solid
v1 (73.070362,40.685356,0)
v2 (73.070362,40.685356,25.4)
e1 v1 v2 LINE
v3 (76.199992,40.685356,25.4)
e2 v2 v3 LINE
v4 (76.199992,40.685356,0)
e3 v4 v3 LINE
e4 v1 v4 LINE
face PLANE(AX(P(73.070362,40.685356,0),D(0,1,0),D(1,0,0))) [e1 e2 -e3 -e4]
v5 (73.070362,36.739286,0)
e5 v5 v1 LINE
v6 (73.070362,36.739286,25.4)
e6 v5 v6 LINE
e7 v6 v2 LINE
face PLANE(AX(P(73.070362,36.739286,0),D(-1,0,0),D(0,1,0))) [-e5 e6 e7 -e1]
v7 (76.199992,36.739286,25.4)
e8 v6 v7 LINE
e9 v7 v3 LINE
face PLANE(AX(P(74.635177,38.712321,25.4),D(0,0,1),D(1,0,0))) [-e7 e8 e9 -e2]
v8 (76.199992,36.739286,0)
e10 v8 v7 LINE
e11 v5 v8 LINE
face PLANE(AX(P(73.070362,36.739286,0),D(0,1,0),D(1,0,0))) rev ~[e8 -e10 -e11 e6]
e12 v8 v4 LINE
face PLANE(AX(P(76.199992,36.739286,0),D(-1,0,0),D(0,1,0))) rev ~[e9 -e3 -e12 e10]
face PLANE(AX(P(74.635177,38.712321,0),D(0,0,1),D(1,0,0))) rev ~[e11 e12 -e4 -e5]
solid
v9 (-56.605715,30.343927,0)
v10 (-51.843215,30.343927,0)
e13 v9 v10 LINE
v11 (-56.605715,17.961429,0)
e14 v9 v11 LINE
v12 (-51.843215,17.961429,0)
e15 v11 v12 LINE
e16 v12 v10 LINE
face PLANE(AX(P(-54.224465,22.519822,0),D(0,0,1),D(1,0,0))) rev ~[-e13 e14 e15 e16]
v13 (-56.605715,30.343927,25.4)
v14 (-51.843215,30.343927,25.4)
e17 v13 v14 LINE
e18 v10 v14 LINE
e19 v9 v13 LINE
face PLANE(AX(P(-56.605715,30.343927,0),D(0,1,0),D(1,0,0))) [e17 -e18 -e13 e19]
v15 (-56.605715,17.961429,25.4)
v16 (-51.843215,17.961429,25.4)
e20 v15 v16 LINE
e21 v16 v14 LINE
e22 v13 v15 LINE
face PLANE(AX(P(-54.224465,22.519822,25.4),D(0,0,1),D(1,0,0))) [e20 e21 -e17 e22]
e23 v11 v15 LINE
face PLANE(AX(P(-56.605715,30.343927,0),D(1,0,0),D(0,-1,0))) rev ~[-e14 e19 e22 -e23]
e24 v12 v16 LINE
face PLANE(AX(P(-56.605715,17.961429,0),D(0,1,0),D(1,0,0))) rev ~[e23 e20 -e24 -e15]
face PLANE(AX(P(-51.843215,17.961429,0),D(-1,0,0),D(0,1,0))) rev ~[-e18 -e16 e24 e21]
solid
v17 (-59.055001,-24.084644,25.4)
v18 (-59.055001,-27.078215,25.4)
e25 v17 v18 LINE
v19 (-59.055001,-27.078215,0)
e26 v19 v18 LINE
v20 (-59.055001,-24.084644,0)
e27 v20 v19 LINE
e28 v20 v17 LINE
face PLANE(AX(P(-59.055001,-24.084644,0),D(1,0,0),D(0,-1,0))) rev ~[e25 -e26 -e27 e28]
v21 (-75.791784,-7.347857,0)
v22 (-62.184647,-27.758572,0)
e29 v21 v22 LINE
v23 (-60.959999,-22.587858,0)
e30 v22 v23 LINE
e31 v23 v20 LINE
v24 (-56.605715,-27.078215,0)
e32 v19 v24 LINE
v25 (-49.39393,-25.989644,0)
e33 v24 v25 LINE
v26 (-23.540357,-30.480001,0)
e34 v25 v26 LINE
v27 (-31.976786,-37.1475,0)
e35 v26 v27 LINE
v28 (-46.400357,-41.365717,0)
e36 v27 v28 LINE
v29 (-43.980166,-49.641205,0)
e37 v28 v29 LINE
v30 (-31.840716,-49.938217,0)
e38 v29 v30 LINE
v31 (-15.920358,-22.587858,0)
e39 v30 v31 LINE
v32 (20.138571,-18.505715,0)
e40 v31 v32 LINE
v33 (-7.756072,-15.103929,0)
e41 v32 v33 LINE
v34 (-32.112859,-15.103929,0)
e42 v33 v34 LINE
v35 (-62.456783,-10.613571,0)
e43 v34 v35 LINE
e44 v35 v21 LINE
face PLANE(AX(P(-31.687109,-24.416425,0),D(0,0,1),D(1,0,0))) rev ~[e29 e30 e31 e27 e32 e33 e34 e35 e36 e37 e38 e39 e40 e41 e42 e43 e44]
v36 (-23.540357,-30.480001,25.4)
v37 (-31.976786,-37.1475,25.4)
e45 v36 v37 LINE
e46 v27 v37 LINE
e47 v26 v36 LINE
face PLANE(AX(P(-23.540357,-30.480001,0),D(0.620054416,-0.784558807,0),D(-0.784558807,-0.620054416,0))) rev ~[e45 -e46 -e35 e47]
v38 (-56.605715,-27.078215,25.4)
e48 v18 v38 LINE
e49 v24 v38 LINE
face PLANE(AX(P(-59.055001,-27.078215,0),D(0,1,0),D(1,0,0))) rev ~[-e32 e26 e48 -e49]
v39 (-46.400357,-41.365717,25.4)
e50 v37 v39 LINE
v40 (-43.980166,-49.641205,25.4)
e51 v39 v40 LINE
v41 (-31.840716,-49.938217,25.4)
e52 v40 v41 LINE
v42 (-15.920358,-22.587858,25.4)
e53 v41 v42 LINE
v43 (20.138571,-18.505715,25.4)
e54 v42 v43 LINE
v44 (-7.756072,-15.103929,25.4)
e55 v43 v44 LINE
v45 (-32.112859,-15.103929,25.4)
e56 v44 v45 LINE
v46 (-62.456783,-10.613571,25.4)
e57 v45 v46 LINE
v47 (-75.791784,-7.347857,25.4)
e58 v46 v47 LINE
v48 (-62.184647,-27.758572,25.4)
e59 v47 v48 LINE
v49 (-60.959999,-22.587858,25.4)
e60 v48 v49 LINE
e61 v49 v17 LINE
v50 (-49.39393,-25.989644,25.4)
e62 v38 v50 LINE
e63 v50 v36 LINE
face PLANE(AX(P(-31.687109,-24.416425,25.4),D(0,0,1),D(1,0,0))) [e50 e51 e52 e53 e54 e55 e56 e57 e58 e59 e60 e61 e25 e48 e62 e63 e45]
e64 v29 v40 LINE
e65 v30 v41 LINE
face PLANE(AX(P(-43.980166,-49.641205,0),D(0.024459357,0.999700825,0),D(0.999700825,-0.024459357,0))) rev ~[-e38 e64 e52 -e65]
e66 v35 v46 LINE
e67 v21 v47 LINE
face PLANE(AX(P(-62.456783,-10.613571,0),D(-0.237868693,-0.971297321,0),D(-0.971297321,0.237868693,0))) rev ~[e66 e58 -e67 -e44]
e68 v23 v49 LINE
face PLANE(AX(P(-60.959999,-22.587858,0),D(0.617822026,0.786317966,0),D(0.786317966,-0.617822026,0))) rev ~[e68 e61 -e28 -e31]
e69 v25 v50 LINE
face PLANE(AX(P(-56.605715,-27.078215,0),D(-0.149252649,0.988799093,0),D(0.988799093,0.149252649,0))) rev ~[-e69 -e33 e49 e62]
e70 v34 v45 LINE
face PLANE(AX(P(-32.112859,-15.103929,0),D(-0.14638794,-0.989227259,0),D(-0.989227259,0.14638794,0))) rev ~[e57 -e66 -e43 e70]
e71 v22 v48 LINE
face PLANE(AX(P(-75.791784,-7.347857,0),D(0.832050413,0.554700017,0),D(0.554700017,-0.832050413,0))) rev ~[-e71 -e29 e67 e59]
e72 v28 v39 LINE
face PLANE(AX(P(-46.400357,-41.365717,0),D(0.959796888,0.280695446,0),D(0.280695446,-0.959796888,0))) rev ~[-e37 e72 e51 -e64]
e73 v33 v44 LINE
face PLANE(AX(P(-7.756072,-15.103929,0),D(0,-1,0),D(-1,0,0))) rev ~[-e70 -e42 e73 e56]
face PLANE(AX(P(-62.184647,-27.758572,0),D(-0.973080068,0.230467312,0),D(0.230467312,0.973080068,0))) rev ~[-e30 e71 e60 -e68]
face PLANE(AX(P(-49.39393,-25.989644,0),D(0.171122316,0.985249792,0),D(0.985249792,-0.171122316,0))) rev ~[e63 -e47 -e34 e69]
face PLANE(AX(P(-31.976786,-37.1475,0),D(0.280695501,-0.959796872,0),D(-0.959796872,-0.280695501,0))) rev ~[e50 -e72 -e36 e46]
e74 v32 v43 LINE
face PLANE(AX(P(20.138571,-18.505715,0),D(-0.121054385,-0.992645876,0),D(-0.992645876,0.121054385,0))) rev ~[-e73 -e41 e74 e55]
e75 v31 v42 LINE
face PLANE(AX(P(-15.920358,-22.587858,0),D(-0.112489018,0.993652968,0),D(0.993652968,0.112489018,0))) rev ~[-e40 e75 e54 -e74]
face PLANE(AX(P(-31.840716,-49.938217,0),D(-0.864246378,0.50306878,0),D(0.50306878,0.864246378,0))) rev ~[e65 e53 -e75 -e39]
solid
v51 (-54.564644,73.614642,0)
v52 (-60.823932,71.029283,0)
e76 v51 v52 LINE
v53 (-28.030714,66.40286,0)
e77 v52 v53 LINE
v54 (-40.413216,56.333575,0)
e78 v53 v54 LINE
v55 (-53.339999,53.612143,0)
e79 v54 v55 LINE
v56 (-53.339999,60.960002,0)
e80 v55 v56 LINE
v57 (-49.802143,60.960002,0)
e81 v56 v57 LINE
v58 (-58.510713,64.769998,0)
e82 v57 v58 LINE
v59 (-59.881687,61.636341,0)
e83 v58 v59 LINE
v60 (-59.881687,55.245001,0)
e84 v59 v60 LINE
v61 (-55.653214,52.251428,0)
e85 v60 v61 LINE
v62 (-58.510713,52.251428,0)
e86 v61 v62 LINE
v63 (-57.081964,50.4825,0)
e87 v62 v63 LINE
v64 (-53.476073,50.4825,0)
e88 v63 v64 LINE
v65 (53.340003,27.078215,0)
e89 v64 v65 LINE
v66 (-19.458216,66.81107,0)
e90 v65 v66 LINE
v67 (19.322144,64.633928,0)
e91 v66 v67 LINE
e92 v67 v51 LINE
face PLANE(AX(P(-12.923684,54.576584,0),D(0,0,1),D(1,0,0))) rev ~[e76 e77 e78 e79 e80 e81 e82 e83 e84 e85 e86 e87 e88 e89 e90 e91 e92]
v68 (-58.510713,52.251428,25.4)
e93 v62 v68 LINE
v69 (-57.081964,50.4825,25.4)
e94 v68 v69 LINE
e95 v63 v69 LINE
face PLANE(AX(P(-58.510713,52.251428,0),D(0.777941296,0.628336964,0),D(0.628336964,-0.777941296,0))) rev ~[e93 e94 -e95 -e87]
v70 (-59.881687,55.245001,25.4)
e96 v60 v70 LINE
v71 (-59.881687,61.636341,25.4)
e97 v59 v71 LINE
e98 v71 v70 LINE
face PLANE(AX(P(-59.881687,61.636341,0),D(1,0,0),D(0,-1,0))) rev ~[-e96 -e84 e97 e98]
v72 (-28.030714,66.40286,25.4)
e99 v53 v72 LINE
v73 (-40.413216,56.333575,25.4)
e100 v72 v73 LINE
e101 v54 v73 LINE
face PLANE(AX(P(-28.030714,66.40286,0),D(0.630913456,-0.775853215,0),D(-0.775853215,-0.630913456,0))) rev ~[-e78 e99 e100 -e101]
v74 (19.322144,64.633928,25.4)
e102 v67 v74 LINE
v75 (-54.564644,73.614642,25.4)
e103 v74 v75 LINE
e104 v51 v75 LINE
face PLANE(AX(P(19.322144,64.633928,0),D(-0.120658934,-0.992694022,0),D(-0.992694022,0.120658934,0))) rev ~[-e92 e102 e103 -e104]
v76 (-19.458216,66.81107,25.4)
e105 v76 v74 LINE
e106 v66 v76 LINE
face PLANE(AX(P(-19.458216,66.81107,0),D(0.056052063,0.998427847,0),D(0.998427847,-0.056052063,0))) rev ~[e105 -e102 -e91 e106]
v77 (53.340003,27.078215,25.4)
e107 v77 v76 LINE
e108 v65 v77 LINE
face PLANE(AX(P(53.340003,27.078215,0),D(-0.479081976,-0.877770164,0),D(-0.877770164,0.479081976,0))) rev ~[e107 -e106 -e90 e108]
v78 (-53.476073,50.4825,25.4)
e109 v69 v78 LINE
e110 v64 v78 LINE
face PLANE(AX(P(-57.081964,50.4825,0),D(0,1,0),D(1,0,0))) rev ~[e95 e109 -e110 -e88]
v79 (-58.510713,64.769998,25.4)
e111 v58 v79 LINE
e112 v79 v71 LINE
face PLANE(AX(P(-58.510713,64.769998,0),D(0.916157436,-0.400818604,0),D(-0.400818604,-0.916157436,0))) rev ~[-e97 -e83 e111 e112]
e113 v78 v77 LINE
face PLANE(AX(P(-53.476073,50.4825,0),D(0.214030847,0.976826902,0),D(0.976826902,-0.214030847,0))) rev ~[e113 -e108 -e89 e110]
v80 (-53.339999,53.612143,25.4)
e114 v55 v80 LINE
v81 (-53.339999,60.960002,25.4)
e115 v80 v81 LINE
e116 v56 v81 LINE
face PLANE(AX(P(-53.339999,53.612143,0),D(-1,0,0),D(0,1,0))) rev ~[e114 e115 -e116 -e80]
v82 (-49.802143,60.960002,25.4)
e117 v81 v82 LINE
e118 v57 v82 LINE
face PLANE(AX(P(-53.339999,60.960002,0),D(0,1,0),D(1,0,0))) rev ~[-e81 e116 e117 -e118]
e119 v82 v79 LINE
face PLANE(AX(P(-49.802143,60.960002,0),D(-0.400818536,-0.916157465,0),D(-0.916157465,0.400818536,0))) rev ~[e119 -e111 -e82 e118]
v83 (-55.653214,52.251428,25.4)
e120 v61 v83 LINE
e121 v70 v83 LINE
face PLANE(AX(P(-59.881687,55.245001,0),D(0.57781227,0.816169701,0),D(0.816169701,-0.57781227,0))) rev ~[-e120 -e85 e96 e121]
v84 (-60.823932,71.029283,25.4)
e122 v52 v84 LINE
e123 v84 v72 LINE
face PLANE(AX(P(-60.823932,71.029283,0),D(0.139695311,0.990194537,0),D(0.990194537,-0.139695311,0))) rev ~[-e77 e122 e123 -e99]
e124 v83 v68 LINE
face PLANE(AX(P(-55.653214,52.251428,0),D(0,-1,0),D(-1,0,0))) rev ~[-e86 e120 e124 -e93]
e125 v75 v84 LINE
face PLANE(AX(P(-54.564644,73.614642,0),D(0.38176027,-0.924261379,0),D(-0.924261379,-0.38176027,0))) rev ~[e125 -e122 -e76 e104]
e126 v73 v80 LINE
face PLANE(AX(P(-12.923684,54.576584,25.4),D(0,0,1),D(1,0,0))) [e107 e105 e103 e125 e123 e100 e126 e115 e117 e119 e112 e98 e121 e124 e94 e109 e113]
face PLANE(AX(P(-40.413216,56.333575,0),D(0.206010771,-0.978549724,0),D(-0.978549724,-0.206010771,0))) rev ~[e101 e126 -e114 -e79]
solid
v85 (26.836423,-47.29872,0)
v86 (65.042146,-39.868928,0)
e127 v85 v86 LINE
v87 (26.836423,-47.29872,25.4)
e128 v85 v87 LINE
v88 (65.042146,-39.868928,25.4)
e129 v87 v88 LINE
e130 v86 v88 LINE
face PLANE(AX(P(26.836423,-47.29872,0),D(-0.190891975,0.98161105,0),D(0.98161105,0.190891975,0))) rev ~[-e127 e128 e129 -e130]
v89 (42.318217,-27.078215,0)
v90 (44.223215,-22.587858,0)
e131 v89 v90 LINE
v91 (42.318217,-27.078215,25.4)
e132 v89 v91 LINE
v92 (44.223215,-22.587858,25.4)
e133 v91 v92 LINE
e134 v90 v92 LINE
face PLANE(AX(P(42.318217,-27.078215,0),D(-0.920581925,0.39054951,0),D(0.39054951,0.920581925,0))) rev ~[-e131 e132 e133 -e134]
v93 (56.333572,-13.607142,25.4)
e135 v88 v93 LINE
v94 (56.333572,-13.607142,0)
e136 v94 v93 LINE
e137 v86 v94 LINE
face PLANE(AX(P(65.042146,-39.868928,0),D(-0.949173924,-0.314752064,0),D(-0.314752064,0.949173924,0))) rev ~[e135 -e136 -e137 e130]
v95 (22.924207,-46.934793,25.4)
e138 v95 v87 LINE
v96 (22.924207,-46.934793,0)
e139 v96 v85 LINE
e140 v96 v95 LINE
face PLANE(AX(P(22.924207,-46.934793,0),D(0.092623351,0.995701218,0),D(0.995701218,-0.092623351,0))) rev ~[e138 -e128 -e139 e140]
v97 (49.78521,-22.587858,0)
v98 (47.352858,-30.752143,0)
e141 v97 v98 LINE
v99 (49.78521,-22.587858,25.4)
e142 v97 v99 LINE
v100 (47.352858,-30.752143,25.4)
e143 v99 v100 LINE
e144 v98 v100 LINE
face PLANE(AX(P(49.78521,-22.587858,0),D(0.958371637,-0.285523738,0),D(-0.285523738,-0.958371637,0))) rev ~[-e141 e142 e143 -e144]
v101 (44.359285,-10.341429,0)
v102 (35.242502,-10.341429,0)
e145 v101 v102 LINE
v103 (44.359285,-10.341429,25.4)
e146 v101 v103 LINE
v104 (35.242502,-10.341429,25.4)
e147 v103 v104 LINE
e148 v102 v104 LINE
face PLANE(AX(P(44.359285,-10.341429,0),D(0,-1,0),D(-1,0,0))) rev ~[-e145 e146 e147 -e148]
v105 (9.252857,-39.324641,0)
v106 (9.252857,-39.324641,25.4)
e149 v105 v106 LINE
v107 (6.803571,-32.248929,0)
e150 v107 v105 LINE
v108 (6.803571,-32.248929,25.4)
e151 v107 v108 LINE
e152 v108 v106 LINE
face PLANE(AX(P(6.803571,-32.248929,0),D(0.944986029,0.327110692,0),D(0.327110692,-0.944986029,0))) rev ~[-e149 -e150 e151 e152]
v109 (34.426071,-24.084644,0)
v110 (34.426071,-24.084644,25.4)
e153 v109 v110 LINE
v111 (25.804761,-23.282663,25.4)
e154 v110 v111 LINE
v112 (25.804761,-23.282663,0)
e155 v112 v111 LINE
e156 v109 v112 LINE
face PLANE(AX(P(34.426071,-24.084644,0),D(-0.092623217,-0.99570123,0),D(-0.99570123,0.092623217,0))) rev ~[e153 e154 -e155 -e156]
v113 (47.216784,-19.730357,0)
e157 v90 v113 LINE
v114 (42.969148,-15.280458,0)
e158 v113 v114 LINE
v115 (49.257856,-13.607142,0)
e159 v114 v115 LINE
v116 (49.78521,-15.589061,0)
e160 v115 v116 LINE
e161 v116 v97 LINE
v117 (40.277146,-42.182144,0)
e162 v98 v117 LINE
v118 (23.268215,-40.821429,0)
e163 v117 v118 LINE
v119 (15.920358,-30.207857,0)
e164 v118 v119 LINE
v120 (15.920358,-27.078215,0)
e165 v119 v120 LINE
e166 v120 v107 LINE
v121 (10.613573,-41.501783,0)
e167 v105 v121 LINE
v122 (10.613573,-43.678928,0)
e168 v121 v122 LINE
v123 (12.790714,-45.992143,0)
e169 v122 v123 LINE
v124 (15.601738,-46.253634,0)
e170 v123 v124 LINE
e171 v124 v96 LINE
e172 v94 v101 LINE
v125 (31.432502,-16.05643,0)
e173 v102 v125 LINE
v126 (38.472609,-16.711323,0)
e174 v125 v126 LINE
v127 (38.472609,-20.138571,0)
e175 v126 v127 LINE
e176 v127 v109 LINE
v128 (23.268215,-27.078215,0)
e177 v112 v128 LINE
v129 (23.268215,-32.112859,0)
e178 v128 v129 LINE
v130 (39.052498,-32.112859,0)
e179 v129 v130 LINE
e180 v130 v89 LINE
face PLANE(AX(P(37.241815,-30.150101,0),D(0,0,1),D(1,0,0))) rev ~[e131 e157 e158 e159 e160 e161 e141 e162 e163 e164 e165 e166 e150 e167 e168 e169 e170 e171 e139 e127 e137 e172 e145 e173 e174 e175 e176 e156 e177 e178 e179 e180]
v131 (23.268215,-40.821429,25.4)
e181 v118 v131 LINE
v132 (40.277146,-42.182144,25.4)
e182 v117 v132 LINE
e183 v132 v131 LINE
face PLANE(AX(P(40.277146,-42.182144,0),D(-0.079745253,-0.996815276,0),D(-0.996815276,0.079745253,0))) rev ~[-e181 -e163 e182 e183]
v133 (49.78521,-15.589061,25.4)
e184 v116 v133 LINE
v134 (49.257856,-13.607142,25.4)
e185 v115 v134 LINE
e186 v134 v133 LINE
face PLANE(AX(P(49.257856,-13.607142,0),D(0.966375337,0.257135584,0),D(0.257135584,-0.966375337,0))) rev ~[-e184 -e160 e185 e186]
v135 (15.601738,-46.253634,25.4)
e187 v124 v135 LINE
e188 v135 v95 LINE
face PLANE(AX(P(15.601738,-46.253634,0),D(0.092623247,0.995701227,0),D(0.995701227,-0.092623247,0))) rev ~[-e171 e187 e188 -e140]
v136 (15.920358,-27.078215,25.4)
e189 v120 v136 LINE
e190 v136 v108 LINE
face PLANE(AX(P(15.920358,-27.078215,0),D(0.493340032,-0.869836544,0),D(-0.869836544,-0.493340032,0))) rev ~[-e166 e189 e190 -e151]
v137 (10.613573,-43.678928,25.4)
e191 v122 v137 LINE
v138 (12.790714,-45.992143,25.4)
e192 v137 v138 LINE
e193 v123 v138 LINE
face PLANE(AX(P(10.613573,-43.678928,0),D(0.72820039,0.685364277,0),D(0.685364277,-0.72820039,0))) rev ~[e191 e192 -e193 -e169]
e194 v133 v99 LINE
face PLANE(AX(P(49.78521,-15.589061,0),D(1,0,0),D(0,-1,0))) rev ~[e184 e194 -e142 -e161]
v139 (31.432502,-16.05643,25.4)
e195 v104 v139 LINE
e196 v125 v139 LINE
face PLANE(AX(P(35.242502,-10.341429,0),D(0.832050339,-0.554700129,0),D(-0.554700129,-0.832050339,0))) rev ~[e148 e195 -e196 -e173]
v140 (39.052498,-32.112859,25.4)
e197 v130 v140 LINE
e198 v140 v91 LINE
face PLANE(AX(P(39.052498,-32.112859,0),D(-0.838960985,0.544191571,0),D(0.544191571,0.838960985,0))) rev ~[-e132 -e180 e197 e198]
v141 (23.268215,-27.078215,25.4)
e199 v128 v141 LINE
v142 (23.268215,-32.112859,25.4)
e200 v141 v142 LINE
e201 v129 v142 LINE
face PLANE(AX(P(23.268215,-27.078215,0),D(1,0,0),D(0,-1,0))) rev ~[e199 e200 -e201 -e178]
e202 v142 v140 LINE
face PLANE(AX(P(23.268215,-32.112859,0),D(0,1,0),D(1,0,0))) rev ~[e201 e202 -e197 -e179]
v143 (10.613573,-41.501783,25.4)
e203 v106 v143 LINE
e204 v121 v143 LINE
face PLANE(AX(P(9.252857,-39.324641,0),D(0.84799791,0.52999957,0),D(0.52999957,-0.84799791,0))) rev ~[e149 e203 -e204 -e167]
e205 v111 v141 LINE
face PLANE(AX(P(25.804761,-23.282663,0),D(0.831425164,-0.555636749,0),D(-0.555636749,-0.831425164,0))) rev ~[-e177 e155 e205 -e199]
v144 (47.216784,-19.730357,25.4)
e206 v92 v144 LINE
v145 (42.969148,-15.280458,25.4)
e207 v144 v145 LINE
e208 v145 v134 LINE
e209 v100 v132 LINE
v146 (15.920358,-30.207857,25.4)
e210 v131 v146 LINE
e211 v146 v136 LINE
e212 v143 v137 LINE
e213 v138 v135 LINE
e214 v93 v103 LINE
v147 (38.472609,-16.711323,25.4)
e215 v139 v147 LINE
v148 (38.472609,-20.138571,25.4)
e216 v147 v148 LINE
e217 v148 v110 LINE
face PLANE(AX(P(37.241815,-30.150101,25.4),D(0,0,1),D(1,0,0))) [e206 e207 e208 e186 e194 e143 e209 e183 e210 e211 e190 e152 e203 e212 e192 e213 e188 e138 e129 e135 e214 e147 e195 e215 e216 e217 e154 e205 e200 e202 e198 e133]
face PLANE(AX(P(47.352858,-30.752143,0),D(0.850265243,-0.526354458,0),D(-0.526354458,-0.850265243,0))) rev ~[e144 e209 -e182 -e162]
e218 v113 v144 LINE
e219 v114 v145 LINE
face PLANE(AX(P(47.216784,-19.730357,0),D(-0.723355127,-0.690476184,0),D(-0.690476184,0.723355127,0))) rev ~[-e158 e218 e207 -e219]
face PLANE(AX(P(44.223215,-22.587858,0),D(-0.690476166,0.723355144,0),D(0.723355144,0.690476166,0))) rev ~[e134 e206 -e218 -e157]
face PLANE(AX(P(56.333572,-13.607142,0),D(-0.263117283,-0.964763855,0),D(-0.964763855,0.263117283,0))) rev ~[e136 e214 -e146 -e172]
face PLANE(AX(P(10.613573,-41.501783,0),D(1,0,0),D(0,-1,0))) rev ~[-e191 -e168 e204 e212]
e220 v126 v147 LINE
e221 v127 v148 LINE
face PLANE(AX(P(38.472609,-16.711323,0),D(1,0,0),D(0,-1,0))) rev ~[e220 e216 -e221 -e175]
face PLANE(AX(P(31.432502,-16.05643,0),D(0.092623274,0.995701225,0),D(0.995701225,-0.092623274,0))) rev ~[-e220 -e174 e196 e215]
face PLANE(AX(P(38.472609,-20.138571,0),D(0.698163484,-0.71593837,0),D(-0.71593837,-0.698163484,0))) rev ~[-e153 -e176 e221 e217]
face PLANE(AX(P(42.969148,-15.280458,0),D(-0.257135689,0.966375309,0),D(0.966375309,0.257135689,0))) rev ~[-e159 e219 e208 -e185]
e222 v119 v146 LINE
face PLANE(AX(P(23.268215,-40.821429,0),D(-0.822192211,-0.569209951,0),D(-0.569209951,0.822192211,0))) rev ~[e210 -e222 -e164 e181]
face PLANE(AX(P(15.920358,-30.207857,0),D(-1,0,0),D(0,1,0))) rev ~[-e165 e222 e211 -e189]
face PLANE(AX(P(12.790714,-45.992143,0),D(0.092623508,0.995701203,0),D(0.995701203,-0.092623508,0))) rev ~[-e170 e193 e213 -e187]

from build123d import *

# Parameters (mm, degrees)
F0_W     = 3.129631
F0_H     = 3.94607
F0_W_2   = 4.7625
F0_H_2   = 9.116786
F0_H_3   = 3.265712
F1_DEPTH = 25.4
F3_DEPTH = 25.4


with BuildPart() as f1:
    # F0 (on Top) → F1 (new body)
    with BuildSketch(Plane.XY):
        with Locations((74.635177, 38.712321)):
            Rectangle(F0_W, F0_H)
        with Locations((-54.224465, 22.519822)):
            Rectangle(F0_W_2, F0_H_2)
        with Locations((-54.224465, 28.711071)):
            Rectangle(F0_W_2, F0_H_3)
        Polygon((35.242502, -10.341429), (31.432502, -16.05643), (38.472609, -16.711323), (38.472609, -20.138571), (34.426071, -24.084644), (25.804761, -23.282663), (23.268215, -27.078215), (23.268215, -32.112859), (39.052498, -32.112859), (42.318217, -27.078215), (44.223215, -22.587858), (47.216784, -19.730357), (42.969148, -15.280458), (49.257856, -13.607142), (49.78521, -15.589061), (49.78521, -18.505715), (49.78521, -22.587858), (47.352858, -30.752143), (40.277146, -42.182144), (23.268215, -40.821429), (15.920358, -30.207857), (15.920358, -27.078215), (6.803571, -32.248929), (9.252857, -39.324641), (10.613573, -41.501783), (10.613573, -43.678928), (12.790714, -45.992143), (15.601738, -46.253634), (22.924207, -46.934793), (26.836423, -47.29872), (65.042146, -39.868928), (56.333572, -13.607142), (44.359285, -10.341429), align=None)
        Polygon((-62.456783, -10.613571), (-75.791784, -7.347857), (-62.184647, -27.758572), (-60.959999, -22.587858), (-59.055001, -24.084644), (-59.055001, -27.078215), (-56.605715, -27.078215), (-49.39393, -25.989644), (-23.540357, -30.480001), (-31.976786, -37.1475), (-46.400357, -41.365717), (-43.980166, -49.641205), (-31.840716, -49.938217), (-15.920358, -22.587858), (20.138571, -18.505715), (-7.756072, -15.103929), (-32.112859, -15.103929), align=None)
    extrude(amount=F1_DEPTH)


with BuildPart() as f3:
    # F2 (on Top) → F3 (new body)
    with BuildSketch(Plane.XY):
        Polygon((-54.564644, 73.614642), (-60.823932, 71.029283), (-28.030714, 66.40286), (-40.413216, 56.333575), (-53.339999, 53.612143), (-53.339999, 60.960002), (-49.802143, 60.960002), (-58.510713, 64.769998), (-59.881687, 61.636341), (-59.881687, 58.646787), (-59.881687, 55.245001), (-55.653214, 52.251428), (-58.510713, 52.251428), (-57.081964, 50.4825), (-54.564644, 50.4825), (-53.476073, 50.4825), (53.340003, 27.078215), (-19.458216, 66.81107), (19.322144, 64.633928), align=None)
    extrude(amount=F3_DEPTH)


solid = Compound([f1.part, f3.part])
